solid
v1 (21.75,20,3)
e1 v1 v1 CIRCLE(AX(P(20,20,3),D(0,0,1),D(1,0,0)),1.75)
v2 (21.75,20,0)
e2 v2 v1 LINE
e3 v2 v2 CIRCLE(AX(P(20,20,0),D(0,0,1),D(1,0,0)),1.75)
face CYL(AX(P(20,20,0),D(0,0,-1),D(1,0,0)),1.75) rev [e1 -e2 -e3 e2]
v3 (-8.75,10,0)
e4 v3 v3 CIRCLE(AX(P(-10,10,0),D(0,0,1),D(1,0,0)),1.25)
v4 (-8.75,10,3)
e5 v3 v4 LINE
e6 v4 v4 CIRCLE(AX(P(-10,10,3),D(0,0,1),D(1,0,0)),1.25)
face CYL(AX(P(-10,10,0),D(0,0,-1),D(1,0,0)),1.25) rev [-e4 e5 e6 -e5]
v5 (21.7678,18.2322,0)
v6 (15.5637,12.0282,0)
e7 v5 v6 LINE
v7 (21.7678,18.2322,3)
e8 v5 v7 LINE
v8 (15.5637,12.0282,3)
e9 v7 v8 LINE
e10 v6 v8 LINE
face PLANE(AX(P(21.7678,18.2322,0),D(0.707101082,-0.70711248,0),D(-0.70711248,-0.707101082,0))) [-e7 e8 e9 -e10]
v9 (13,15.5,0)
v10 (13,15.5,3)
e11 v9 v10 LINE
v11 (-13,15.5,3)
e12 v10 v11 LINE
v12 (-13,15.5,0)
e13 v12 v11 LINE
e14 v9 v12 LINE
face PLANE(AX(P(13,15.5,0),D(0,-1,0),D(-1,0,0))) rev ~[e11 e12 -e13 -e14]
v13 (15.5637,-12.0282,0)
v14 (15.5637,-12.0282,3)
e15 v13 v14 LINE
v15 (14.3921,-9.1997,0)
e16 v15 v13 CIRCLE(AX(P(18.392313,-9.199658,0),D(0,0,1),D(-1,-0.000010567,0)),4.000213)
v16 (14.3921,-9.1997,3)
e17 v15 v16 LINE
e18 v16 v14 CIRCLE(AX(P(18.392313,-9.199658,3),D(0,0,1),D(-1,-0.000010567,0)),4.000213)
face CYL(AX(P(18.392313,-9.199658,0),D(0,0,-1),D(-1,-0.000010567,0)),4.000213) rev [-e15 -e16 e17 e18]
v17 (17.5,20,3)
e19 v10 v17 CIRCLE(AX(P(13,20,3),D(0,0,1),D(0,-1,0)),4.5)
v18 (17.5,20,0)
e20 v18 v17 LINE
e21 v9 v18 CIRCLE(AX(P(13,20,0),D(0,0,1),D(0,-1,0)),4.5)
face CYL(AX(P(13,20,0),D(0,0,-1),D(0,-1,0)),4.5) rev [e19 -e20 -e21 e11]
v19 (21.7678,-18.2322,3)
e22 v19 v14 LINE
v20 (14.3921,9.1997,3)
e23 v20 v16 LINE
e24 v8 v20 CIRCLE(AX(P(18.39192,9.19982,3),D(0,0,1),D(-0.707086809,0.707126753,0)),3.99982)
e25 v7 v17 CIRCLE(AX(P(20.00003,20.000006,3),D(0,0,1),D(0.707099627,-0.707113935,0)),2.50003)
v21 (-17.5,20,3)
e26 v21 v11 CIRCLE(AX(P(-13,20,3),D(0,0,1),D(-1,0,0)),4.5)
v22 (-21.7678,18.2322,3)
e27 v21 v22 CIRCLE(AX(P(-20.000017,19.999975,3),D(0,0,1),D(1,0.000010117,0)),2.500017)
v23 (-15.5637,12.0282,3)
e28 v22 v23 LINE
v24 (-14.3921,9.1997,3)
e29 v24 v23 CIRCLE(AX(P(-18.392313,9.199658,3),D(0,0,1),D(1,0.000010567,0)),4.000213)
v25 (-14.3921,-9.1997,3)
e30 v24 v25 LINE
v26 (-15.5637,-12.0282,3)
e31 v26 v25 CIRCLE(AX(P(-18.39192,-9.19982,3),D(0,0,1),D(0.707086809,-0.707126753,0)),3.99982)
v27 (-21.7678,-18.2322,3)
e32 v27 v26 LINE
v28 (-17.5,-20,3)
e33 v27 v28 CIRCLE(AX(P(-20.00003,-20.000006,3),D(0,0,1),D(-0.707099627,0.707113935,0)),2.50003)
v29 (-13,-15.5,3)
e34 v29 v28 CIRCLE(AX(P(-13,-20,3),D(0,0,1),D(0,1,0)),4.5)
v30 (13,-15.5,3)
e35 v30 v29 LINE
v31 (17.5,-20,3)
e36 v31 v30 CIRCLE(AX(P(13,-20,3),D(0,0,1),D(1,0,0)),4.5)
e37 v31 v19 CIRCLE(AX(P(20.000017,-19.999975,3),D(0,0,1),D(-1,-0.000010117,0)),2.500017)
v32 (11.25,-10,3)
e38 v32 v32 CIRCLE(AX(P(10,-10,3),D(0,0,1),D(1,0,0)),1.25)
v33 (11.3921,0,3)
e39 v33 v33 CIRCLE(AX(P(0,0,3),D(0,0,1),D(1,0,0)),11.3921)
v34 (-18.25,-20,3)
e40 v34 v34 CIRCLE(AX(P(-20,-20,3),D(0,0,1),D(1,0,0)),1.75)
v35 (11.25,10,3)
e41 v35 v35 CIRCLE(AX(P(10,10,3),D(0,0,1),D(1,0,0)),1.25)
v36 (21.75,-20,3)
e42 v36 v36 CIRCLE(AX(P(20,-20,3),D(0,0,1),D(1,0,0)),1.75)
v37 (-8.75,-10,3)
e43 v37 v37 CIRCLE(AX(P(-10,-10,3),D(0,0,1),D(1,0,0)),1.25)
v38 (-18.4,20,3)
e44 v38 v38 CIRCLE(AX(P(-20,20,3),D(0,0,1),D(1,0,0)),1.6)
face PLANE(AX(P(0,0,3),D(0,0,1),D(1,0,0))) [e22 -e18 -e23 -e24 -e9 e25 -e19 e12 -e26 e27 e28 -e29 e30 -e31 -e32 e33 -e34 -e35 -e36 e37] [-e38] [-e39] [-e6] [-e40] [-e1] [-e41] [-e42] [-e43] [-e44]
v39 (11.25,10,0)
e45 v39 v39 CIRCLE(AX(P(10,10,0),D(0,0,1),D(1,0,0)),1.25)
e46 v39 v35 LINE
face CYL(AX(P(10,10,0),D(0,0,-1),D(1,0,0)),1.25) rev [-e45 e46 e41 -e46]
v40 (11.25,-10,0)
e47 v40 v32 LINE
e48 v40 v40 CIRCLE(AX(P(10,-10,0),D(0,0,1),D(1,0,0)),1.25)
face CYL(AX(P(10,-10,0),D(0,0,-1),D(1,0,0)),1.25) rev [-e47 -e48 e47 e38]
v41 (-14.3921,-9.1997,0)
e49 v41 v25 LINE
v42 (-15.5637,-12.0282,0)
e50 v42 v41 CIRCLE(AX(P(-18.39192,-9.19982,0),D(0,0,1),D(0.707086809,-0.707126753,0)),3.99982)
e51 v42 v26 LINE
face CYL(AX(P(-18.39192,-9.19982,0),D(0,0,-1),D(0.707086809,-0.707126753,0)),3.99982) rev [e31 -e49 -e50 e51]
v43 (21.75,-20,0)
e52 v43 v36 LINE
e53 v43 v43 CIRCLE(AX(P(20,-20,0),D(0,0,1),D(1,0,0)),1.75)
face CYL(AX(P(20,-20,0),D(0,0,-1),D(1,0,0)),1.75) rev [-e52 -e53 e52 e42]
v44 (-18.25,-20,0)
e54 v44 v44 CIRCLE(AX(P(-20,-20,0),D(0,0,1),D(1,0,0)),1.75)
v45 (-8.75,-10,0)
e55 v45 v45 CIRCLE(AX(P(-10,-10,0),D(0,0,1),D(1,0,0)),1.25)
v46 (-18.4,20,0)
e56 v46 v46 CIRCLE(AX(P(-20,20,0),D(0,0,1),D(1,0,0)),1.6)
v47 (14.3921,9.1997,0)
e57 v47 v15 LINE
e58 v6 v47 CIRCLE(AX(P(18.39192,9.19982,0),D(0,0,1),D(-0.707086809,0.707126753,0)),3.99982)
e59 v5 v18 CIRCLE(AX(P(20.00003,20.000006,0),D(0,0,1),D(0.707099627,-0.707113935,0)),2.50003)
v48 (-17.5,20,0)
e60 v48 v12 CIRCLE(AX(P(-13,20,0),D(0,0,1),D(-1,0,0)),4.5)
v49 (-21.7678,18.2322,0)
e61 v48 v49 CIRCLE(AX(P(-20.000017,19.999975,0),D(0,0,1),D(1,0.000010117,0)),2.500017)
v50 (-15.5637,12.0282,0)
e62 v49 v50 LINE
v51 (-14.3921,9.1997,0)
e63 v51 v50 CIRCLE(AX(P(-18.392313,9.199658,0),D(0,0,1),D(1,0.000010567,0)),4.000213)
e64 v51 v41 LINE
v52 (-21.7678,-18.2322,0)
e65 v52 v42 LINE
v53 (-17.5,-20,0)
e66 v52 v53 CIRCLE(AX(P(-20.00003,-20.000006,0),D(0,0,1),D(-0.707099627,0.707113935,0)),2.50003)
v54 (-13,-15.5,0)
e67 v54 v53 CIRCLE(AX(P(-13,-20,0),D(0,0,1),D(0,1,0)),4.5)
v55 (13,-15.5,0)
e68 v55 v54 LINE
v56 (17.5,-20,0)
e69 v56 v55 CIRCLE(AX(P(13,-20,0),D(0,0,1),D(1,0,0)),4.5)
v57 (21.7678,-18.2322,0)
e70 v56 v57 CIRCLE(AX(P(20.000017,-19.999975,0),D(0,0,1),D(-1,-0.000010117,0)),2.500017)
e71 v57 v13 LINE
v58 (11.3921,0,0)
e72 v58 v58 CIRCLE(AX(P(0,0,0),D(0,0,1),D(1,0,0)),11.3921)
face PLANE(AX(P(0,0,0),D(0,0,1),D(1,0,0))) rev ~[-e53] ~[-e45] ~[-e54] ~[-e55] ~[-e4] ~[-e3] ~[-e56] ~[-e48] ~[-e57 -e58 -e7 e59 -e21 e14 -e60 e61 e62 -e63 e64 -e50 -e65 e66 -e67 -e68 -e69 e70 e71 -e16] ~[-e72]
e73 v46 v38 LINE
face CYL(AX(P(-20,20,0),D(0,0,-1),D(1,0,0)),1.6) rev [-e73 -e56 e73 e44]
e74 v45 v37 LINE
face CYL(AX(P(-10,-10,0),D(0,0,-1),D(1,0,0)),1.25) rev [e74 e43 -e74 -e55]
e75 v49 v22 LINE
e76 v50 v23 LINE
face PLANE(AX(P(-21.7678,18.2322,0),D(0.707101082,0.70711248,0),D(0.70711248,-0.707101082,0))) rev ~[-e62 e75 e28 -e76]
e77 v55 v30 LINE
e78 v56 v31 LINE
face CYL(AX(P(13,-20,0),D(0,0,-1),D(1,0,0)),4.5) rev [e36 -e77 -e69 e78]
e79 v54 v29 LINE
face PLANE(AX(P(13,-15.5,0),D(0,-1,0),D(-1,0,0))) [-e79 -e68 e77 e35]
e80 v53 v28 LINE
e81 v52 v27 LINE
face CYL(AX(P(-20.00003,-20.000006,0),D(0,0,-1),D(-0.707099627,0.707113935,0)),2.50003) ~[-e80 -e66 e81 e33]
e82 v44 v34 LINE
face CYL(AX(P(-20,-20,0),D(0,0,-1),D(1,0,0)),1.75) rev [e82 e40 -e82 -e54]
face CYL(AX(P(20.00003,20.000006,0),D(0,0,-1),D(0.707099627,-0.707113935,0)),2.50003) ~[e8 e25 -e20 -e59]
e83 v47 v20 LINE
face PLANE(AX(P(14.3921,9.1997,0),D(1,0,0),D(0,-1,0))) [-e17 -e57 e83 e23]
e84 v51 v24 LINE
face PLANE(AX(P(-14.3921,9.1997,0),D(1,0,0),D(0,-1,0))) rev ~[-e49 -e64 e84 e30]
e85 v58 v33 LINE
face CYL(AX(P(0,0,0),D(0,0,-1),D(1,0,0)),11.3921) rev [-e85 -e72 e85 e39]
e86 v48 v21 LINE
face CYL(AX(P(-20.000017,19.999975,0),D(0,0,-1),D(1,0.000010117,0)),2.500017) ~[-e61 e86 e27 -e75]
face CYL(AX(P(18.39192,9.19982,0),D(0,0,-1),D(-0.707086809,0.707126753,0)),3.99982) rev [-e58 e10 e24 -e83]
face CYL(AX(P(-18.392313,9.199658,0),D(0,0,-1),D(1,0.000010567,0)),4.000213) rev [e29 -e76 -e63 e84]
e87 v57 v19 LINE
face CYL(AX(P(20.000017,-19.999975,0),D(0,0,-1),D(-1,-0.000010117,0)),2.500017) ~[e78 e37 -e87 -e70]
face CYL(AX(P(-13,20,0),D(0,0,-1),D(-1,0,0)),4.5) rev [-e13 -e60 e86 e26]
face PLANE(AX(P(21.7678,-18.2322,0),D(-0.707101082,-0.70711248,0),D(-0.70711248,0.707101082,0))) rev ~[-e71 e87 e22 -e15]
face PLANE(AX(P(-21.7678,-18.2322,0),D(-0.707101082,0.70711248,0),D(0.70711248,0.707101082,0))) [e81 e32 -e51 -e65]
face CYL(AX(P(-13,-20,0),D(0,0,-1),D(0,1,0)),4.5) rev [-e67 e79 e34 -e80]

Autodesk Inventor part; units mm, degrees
ref_plane "YZ Plane" through (0, 0, 0) normal (1, 0, 0) x (0, 1, 0)
ref_plane "XZ Plane" through (0, 0, 0) normal (0, 1, 0) x (-1, 0, 0)
ref_plane "XY Plane" through (0, 0, 0) normal (0, 0, 1) x (1, 0, 0)
sketch "スケッチ1" plane through (0, 0, 0) normal (0, 0, 1) x (1, 0, 0)
  line L0 (10, -10) -> (-10, -10) construction
  line L1 (-10, -10) -> (-10, 10) construction
  line L2 (-10, 10) -> (10, 10) construction
  line L3 (10, 10) -> (10, -10) construction
  line L4 (10, -10) -> (-10, 10) construction
  line L5 (-10, -10) -> (10, 10) construction
  line L6 (12.5, -12.5) -> (-12.5, -12.5) construction
  line L7 (-12.5, -12.5) -> (-12.5, 12.5) construction
  line L8 (-12.5, 12.5) -> (12.5, 12.5) construction
  line L9 (12.5, 12.5) -> (12.5, -12.5) construction
  line L10 (12.5, -12.5) -> (-12.5, 12.5) construction
  line L11 (-12.5, -12.5) -> (12.5, 12.5) construction
  circle A0 centre (10, 10) radius 1.25
  circle A1 centre (-10, 10) radius 1.25
  circle A2 centre (10, -10) radius 1.25
  circle A3 centre (-10, -10) radius 1.25
  circle A4 centre (20, 20) radius 1.75
  line L12 (20, -20) -> (-20, -20) construction
  line L13 (-20, -20) -> (-20, 20) construction
  line L14 (-20, 20) -> (20, 20) construction
  line L15 (20, 20) -> (20, -20) construction
  line L16 (20, -20) -> (-20, 20) construction
  line L17 (-20, -20) -> (20, 20) construction
  circle A5 centre (-20, 20) radius 1.6
  circle A6 centre (20, -20) radius 1.75
  circle A7 centre (-20, -20) radius 1.75
  arc A8 (21.7678, 18.2322) -> (17.5, 20) centre (20, 20) ccw
  line L18 (17.5, 20) -> (17.5, 20)
  line L19 (13, 15.5) -> (-13, 15.5)
  circle A9 centre (0, 0) radius 11.3921
  arc A10 (13, 15.5) -> (17.5, 20) centre (13, 20) ccw
  line L20 (21.7678, 18.2322) -> (15.5637, 12.0282)
  line L21 (14.3921, 9.1997) -> (14.3921, -9.1997)
  arc A11 (15.5637, 12.0282) -> (14.3921, 9.1997) centre (18.3921, 9.1997) ccw
  line L22 (20, 0) -> (-20, 0) construction
  line L23 (0, 20) -> (0, -20) construction
  arc A12 (17.5, -20) -> (21.7678, -18.2322) centre (20, -20) ccw
  line L24 (17.5, -20) -> (17.5, -20)
  line L25 (13, -15.5) -> (-13, -15.5)
  arc A13 (17.5, -20) -> (13, -15.5) centre (13, -20) ccw
  line L26 (21.7678, -18.2322) -> (15.5637, -12.0282)
  arc A14 (14.3921, -9.1997) -> (15.5637, -12.0282) centre (18.3921, -9.1997) ccw
  circle A15 centre (10, 10) radius 2.75 construction
  arc A16 (-17.5, 20) -> (-21.7678, 18.2322) centre (-20, 20) ccw
  arc A17 (-17.5, 20) -> (-13, 15.5) centre (-13, 20) ccw
  line L27 (-21.7678, 18.2322) -> (-15.5637, 12.0282)
  line L28 (-14.3921, 9.1997) -> (-14.3921, -9.1997)
  arc A18 (-14.3921, 9.1997) -> (-15.5637, 12.0282) centre (-18.3921, 9.1997) ccw
  arc A19 (-15.5637, -12.0282) -> (-14.3921, -9.1997) centre (-18.3921, -9.1997) ccw
  line L29 (-21.7678, -18.2322) -> (-15.5637, -12.0282)
  arc A20 (-21.7678, -18.2322) -> (-17.5, -20) centre (-20, -20) ccw
  line L30 (-17.5, -20) -> (-17.5, -20)
  arc A21 (-13, -15.5) -> (-17.5, -20) centre (-13, -20) ccw
  line L31 (-17.5, 20) -> (-17.5, 20)
  dimension "d0" = 20
  dimension "d1" = 20
  dimension "d2" = 25
  dimension "d3" = 25
  dimension "d4" = 2.5
  dimension "d5" = 2.5
  dimension "d6" = 2.5
  dimension "d7" = 2.5
  dimension "d8" = 3.5
  dimension "d9" = 40
  dimension "d10" = 40
  dimension "d11" = 3.2
  dimension "d12" = 3.5
  dimension "d13" = 3.5
  dimension "d14" = 2.5
  dimension "d18" = 4
  dimension "d19" = 3
  dimension "d20" = 45
  dimension "d21" = 5.5
  dimension "d22" = 3
extrude "押し出し1" add sketch "スケッチ1" along normal blind 3
equation "\"d1\" = d0"
equation "\"d3\" = d2"
equation "\"d5\" = d4"
equation "\"d6\" = d4"
equation "\"d7\" = d4"
equation "\"d22\" = d19"
properties part number "Fan_support_stand"
